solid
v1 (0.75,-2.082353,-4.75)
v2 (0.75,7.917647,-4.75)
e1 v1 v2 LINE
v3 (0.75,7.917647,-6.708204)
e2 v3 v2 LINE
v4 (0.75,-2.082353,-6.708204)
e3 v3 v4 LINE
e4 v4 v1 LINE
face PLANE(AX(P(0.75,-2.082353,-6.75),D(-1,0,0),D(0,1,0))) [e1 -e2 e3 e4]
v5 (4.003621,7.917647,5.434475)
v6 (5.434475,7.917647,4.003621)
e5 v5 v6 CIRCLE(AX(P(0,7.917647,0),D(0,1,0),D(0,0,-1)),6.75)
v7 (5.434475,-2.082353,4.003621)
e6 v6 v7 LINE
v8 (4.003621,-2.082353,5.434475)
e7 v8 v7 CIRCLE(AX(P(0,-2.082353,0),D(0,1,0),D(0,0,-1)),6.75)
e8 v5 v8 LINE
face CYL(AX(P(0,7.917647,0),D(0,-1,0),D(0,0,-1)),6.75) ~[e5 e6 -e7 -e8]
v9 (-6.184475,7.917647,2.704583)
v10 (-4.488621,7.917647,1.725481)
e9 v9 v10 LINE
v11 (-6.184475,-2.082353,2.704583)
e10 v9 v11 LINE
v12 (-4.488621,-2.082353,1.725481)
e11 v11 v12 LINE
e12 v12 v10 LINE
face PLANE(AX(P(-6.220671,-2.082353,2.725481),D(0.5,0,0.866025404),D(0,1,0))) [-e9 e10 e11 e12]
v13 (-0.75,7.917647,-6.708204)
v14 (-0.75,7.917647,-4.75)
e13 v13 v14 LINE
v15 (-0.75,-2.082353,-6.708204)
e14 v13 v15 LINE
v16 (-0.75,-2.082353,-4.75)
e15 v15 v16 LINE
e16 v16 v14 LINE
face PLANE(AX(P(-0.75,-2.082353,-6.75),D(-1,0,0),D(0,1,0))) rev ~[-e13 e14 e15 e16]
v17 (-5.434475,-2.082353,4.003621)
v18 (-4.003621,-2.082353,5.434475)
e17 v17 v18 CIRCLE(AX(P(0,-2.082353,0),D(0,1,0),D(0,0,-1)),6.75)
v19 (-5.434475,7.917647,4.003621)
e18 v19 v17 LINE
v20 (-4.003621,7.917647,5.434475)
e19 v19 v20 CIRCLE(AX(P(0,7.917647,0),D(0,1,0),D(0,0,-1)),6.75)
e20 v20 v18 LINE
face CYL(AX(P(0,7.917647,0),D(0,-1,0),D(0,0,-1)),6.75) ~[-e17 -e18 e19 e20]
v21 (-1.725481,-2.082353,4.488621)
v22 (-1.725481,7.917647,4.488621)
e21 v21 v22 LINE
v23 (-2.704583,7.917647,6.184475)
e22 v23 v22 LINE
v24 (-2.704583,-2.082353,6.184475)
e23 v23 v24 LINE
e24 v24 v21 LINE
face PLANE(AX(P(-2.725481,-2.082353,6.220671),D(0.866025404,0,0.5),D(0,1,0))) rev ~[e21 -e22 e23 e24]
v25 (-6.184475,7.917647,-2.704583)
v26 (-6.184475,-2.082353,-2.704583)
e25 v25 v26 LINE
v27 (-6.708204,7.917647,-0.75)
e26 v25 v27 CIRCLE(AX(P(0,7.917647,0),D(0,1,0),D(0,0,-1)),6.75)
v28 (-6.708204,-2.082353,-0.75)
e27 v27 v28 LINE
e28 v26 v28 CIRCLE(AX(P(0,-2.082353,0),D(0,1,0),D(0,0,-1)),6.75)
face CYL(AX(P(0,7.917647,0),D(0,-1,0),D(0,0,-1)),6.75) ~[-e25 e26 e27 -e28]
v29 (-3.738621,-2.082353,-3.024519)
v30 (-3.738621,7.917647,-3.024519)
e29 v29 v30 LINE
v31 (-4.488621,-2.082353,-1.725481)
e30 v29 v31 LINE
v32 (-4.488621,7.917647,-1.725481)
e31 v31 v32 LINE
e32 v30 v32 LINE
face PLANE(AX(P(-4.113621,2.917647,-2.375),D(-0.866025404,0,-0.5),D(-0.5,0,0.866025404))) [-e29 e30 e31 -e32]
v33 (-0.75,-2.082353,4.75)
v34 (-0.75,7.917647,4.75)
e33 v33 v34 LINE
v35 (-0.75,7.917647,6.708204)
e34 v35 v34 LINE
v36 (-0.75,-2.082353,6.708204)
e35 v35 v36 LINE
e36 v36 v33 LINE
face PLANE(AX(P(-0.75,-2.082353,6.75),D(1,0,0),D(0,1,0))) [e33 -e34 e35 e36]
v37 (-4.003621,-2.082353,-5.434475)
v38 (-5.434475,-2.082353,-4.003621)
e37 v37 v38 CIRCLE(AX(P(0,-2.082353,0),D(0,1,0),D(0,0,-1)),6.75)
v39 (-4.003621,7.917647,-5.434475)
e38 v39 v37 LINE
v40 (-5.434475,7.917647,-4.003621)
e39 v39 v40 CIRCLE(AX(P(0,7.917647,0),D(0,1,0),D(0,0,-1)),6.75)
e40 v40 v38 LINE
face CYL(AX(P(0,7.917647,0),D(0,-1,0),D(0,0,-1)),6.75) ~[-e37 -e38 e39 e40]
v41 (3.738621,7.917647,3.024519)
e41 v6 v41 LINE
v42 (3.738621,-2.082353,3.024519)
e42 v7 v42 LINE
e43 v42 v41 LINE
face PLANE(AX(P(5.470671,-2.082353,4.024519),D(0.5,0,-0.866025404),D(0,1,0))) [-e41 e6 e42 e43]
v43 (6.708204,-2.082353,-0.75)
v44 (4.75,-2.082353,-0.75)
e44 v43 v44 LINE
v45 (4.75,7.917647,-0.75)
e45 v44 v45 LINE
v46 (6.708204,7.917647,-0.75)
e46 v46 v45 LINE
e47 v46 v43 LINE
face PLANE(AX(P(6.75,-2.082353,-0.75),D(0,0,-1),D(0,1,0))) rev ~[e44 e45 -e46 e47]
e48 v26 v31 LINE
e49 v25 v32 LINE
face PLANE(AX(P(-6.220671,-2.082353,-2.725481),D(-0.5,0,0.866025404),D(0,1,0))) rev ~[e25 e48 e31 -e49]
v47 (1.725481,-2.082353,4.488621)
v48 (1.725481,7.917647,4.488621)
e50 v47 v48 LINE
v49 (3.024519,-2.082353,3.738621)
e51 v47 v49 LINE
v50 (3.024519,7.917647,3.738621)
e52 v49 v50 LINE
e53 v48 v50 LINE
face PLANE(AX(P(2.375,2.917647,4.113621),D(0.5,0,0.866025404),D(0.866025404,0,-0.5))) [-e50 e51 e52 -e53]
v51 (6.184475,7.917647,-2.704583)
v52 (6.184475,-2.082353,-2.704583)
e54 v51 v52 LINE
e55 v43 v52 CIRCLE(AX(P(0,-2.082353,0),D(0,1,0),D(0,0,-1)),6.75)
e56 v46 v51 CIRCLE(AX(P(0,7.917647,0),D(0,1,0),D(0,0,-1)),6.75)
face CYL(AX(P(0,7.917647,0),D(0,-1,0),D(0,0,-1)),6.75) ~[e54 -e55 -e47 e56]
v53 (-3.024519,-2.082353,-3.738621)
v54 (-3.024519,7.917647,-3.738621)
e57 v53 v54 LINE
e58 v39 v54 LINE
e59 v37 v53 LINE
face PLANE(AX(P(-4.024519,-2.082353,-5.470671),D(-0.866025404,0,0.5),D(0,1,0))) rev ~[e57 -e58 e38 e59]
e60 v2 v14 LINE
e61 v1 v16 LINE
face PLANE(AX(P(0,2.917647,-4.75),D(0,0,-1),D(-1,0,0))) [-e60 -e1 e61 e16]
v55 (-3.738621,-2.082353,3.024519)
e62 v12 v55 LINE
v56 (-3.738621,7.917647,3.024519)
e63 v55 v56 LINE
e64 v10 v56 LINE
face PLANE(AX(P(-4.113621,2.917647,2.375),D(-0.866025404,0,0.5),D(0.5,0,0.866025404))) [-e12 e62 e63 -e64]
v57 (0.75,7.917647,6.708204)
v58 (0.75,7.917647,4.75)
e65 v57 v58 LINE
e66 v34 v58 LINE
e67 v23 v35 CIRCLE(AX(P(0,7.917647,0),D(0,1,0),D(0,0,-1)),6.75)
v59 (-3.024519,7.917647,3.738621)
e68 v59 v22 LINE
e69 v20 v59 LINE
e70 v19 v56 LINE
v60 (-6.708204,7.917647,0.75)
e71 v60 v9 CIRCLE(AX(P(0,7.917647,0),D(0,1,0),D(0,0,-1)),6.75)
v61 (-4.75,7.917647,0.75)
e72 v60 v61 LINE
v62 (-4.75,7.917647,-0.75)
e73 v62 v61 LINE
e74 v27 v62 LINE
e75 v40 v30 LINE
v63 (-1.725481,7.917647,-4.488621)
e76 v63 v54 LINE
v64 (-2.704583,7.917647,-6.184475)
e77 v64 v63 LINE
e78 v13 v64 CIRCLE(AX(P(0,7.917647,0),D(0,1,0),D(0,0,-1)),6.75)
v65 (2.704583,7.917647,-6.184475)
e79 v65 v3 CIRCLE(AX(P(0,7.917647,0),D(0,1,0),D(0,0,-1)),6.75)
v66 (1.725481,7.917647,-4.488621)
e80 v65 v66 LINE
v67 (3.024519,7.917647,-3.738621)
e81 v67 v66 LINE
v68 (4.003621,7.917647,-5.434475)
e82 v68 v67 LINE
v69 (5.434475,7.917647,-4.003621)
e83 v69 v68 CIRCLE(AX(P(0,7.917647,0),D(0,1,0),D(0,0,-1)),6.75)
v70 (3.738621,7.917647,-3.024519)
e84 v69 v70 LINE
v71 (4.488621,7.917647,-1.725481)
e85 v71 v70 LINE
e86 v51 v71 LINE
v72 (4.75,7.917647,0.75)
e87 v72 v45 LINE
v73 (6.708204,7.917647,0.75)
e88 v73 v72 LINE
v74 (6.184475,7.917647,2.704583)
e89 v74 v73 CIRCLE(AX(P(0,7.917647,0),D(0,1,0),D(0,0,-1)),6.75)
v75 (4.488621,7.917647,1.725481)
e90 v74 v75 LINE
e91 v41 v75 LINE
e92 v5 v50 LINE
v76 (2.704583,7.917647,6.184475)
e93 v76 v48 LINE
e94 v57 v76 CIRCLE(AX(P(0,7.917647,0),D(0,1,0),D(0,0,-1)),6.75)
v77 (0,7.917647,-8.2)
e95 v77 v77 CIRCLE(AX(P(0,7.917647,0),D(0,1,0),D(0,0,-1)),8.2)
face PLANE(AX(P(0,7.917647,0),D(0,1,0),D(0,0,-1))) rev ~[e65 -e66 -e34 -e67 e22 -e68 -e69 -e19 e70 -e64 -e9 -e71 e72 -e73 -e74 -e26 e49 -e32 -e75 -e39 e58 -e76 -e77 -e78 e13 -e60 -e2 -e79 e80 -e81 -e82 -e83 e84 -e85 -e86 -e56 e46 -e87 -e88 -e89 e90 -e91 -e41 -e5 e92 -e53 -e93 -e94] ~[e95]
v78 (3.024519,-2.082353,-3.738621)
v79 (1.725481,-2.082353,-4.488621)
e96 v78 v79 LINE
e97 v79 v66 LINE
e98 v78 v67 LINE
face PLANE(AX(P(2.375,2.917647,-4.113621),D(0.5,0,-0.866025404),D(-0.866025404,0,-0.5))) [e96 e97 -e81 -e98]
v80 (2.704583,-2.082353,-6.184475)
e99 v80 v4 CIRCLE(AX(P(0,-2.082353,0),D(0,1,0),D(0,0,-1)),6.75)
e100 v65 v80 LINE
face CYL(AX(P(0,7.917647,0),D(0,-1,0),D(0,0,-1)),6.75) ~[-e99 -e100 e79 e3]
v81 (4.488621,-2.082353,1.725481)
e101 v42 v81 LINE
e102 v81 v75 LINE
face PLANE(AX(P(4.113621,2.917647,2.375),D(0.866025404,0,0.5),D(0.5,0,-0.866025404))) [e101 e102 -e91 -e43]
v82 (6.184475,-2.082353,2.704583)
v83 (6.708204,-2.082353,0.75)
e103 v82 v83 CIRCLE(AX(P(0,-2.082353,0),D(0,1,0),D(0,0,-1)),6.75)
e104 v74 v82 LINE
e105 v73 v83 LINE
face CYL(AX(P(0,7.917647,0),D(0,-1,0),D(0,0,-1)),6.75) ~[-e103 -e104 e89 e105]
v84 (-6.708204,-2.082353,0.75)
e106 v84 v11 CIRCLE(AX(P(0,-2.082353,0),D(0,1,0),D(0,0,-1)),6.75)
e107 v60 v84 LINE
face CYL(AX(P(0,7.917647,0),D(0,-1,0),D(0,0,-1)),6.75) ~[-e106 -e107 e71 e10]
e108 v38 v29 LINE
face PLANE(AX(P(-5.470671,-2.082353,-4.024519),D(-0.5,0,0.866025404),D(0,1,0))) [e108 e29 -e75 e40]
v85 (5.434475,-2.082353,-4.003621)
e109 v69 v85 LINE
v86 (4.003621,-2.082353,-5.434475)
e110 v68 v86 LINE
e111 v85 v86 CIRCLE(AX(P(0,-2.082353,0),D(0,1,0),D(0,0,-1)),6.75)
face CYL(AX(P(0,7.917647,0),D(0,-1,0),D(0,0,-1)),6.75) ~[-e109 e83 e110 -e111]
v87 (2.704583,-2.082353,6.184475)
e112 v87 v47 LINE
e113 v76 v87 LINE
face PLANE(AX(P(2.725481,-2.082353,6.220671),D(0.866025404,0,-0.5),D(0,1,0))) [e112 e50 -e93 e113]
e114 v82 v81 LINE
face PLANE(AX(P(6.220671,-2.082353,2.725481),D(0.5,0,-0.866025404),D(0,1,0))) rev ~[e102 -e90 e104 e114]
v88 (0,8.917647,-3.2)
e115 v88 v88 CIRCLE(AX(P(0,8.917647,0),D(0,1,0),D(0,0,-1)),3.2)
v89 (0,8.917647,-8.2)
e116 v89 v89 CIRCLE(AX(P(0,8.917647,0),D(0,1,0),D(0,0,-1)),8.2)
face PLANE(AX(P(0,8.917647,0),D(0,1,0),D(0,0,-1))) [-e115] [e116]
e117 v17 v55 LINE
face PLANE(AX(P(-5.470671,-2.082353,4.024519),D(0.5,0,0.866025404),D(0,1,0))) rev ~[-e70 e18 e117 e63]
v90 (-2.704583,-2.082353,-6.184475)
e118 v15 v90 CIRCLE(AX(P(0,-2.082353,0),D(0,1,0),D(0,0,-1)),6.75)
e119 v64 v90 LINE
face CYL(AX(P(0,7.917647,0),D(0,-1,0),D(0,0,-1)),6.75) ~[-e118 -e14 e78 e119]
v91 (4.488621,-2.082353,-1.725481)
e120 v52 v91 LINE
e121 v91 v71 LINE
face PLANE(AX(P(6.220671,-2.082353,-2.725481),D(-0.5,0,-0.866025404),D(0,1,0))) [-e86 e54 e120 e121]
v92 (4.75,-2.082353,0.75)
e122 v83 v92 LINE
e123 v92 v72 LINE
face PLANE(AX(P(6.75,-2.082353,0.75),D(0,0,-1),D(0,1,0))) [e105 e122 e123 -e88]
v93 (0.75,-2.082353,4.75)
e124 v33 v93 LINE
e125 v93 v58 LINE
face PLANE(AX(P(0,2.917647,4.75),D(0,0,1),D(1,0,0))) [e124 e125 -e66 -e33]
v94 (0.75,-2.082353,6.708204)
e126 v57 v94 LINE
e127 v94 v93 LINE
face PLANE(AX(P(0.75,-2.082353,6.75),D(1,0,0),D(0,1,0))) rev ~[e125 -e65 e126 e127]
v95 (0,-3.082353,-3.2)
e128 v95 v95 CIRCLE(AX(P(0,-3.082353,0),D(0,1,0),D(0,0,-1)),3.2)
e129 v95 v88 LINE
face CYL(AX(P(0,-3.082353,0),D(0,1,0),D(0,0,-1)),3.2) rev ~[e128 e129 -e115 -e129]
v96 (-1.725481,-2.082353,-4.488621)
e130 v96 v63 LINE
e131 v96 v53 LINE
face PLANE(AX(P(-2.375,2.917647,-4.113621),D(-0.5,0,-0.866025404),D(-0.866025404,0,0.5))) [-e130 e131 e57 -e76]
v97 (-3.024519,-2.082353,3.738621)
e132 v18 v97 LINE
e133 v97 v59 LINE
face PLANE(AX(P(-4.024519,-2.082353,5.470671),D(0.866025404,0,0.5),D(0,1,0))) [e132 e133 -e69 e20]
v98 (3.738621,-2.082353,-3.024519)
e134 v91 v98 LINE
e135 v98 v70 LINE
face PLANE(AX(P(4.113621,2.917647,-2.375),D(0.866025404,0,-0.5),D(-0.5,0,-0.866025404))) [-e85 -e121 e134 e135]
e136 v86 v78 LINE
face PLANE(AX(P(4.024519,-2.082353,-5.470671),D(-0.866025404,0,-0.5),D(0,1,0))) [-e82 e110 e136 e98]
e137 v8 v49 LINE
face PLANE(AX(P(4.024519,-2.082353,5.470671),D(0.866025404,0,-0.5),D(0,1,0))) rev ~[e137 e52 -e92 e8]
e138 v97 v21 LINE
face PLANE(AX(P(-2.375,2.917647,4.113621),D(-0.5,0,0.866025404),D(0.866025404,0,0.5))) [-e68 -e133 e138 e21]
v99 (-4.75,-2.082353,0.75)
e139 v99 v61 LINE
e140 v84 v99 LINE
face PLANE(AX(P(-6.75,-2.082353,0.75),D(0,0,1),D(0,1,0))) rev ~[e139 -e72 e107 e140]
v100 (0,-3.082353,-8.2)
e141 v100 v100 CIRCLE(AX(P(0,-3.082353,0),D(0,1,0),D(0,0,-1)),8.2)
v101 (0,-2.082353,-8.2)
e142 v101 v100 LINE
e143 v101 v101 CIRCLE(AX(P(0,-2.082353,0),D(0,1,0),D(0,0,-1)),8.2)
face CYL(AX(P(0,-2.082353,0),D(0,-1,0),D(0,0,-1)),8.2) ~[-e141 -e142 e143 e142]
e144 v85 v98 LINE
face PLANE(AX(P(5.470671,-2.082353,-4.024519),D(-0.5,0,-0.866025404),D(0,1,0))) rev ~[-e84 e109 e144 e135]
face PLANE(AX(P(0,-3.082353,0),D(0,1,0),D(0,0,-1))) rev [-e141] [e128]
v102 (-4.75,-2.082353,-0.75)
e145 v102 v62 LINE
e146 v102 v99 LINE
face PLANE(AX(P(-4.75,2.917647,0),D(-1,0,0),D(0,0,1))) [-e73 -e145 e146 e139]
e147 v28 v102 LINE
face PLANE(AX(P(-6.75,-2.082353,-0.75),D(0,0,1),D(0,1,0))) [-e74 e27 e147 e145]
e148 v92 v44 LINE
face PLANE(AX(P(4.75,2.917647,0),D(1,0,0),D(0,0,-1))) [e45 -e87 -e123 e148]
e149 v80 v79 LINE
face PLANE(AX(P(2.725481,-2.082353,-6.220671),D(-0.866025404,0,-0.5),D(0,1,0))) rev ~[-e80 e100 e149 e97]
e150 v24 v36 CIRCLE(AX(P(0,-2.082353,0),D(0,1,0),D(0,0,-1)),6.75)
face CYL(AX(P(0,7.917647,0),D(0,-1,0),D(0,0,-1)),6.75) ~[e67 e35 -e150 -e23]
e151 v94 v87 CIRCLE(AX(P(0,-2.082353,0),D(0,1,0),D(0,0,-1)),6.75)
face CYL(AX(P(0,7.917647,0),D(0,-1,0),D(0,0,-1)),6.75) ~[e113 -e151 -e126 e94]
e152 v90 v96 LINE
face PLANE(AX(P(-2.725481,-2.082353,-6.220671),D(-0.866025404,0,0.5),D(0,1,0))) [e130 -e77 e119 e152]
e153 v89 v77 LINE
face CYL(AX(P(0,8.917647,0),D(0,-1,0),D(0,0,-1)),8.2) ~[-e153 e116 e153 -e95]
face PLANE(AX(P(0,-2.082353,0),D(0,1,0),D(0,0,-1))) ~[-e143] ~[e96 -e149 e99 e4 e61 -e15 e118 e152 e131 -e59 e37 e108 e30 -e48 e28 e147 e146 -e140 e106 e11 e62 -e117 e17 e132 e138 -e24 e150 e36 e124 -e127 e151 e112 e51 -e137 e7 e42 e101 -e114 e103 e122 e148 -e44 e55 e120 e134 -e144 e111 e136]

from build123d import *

# Parameters (mm, degrees)
SKETCH3_W          = 1.5
SKETCH3_H          = 10
CUT_EXTRUDE1_DEPTH = 2
CIRPATTERN1_COUNT  = 12


with BuildPart() as part:
    # Sketch1 → Revolve1 (revolve)
    with BuildSketch(Plane.XY, mode=Mode.PRIVATE) as revolve1_sk:
        Polygon((3.2, 8.917647059), (6.75, 8.917647059), (8.2, 8.917647059), (8.2, 7.917647059), (6.75, 7.917647059), (6.75, -2.082352941), (8.2, -2.082352941), (8.2, -3.082352941), (6.75, -3.082352941), (3.2, -3.082352941), align=None)
    revolve(revolve1_sk.sketch.rotate(Axis((0, 0, 0), (0, 1, 0)), 90), axis=Axis((0, 0, 0), (0, 1, 0)))  # turned: the seam where the file's is

    # Sketch3 → Cut-Extrude1 (cut)
    with BuildSketch(Plane(origin=(0, 0, -6.75), x_dir=(-1, 0, 0), z_dir=(0, 0, -1))):
        with Locations((0, 2.917647059)):
            Rectangle(SKETCH3_W, SKETCH3_H)
    cut_extrude1 = extrude(amount=-CUT_EXTRUDE1_DEPTH, mode=Mode.SUBTRACT)

    # CirPattern1: Cut-Extrude1 ×12 about axis
    cirpattern1_axis = Axis((0, 0, 0), (0, 1, 0))
    for i in range(1, CIRPATTERN1_COUNT):
        add(cut_extrude1.rotate(cirpattern1_axis, i * 360 / CIRPATTERN1_COUNT), mode=Mode.SUBTRACT)


solid = part.part
